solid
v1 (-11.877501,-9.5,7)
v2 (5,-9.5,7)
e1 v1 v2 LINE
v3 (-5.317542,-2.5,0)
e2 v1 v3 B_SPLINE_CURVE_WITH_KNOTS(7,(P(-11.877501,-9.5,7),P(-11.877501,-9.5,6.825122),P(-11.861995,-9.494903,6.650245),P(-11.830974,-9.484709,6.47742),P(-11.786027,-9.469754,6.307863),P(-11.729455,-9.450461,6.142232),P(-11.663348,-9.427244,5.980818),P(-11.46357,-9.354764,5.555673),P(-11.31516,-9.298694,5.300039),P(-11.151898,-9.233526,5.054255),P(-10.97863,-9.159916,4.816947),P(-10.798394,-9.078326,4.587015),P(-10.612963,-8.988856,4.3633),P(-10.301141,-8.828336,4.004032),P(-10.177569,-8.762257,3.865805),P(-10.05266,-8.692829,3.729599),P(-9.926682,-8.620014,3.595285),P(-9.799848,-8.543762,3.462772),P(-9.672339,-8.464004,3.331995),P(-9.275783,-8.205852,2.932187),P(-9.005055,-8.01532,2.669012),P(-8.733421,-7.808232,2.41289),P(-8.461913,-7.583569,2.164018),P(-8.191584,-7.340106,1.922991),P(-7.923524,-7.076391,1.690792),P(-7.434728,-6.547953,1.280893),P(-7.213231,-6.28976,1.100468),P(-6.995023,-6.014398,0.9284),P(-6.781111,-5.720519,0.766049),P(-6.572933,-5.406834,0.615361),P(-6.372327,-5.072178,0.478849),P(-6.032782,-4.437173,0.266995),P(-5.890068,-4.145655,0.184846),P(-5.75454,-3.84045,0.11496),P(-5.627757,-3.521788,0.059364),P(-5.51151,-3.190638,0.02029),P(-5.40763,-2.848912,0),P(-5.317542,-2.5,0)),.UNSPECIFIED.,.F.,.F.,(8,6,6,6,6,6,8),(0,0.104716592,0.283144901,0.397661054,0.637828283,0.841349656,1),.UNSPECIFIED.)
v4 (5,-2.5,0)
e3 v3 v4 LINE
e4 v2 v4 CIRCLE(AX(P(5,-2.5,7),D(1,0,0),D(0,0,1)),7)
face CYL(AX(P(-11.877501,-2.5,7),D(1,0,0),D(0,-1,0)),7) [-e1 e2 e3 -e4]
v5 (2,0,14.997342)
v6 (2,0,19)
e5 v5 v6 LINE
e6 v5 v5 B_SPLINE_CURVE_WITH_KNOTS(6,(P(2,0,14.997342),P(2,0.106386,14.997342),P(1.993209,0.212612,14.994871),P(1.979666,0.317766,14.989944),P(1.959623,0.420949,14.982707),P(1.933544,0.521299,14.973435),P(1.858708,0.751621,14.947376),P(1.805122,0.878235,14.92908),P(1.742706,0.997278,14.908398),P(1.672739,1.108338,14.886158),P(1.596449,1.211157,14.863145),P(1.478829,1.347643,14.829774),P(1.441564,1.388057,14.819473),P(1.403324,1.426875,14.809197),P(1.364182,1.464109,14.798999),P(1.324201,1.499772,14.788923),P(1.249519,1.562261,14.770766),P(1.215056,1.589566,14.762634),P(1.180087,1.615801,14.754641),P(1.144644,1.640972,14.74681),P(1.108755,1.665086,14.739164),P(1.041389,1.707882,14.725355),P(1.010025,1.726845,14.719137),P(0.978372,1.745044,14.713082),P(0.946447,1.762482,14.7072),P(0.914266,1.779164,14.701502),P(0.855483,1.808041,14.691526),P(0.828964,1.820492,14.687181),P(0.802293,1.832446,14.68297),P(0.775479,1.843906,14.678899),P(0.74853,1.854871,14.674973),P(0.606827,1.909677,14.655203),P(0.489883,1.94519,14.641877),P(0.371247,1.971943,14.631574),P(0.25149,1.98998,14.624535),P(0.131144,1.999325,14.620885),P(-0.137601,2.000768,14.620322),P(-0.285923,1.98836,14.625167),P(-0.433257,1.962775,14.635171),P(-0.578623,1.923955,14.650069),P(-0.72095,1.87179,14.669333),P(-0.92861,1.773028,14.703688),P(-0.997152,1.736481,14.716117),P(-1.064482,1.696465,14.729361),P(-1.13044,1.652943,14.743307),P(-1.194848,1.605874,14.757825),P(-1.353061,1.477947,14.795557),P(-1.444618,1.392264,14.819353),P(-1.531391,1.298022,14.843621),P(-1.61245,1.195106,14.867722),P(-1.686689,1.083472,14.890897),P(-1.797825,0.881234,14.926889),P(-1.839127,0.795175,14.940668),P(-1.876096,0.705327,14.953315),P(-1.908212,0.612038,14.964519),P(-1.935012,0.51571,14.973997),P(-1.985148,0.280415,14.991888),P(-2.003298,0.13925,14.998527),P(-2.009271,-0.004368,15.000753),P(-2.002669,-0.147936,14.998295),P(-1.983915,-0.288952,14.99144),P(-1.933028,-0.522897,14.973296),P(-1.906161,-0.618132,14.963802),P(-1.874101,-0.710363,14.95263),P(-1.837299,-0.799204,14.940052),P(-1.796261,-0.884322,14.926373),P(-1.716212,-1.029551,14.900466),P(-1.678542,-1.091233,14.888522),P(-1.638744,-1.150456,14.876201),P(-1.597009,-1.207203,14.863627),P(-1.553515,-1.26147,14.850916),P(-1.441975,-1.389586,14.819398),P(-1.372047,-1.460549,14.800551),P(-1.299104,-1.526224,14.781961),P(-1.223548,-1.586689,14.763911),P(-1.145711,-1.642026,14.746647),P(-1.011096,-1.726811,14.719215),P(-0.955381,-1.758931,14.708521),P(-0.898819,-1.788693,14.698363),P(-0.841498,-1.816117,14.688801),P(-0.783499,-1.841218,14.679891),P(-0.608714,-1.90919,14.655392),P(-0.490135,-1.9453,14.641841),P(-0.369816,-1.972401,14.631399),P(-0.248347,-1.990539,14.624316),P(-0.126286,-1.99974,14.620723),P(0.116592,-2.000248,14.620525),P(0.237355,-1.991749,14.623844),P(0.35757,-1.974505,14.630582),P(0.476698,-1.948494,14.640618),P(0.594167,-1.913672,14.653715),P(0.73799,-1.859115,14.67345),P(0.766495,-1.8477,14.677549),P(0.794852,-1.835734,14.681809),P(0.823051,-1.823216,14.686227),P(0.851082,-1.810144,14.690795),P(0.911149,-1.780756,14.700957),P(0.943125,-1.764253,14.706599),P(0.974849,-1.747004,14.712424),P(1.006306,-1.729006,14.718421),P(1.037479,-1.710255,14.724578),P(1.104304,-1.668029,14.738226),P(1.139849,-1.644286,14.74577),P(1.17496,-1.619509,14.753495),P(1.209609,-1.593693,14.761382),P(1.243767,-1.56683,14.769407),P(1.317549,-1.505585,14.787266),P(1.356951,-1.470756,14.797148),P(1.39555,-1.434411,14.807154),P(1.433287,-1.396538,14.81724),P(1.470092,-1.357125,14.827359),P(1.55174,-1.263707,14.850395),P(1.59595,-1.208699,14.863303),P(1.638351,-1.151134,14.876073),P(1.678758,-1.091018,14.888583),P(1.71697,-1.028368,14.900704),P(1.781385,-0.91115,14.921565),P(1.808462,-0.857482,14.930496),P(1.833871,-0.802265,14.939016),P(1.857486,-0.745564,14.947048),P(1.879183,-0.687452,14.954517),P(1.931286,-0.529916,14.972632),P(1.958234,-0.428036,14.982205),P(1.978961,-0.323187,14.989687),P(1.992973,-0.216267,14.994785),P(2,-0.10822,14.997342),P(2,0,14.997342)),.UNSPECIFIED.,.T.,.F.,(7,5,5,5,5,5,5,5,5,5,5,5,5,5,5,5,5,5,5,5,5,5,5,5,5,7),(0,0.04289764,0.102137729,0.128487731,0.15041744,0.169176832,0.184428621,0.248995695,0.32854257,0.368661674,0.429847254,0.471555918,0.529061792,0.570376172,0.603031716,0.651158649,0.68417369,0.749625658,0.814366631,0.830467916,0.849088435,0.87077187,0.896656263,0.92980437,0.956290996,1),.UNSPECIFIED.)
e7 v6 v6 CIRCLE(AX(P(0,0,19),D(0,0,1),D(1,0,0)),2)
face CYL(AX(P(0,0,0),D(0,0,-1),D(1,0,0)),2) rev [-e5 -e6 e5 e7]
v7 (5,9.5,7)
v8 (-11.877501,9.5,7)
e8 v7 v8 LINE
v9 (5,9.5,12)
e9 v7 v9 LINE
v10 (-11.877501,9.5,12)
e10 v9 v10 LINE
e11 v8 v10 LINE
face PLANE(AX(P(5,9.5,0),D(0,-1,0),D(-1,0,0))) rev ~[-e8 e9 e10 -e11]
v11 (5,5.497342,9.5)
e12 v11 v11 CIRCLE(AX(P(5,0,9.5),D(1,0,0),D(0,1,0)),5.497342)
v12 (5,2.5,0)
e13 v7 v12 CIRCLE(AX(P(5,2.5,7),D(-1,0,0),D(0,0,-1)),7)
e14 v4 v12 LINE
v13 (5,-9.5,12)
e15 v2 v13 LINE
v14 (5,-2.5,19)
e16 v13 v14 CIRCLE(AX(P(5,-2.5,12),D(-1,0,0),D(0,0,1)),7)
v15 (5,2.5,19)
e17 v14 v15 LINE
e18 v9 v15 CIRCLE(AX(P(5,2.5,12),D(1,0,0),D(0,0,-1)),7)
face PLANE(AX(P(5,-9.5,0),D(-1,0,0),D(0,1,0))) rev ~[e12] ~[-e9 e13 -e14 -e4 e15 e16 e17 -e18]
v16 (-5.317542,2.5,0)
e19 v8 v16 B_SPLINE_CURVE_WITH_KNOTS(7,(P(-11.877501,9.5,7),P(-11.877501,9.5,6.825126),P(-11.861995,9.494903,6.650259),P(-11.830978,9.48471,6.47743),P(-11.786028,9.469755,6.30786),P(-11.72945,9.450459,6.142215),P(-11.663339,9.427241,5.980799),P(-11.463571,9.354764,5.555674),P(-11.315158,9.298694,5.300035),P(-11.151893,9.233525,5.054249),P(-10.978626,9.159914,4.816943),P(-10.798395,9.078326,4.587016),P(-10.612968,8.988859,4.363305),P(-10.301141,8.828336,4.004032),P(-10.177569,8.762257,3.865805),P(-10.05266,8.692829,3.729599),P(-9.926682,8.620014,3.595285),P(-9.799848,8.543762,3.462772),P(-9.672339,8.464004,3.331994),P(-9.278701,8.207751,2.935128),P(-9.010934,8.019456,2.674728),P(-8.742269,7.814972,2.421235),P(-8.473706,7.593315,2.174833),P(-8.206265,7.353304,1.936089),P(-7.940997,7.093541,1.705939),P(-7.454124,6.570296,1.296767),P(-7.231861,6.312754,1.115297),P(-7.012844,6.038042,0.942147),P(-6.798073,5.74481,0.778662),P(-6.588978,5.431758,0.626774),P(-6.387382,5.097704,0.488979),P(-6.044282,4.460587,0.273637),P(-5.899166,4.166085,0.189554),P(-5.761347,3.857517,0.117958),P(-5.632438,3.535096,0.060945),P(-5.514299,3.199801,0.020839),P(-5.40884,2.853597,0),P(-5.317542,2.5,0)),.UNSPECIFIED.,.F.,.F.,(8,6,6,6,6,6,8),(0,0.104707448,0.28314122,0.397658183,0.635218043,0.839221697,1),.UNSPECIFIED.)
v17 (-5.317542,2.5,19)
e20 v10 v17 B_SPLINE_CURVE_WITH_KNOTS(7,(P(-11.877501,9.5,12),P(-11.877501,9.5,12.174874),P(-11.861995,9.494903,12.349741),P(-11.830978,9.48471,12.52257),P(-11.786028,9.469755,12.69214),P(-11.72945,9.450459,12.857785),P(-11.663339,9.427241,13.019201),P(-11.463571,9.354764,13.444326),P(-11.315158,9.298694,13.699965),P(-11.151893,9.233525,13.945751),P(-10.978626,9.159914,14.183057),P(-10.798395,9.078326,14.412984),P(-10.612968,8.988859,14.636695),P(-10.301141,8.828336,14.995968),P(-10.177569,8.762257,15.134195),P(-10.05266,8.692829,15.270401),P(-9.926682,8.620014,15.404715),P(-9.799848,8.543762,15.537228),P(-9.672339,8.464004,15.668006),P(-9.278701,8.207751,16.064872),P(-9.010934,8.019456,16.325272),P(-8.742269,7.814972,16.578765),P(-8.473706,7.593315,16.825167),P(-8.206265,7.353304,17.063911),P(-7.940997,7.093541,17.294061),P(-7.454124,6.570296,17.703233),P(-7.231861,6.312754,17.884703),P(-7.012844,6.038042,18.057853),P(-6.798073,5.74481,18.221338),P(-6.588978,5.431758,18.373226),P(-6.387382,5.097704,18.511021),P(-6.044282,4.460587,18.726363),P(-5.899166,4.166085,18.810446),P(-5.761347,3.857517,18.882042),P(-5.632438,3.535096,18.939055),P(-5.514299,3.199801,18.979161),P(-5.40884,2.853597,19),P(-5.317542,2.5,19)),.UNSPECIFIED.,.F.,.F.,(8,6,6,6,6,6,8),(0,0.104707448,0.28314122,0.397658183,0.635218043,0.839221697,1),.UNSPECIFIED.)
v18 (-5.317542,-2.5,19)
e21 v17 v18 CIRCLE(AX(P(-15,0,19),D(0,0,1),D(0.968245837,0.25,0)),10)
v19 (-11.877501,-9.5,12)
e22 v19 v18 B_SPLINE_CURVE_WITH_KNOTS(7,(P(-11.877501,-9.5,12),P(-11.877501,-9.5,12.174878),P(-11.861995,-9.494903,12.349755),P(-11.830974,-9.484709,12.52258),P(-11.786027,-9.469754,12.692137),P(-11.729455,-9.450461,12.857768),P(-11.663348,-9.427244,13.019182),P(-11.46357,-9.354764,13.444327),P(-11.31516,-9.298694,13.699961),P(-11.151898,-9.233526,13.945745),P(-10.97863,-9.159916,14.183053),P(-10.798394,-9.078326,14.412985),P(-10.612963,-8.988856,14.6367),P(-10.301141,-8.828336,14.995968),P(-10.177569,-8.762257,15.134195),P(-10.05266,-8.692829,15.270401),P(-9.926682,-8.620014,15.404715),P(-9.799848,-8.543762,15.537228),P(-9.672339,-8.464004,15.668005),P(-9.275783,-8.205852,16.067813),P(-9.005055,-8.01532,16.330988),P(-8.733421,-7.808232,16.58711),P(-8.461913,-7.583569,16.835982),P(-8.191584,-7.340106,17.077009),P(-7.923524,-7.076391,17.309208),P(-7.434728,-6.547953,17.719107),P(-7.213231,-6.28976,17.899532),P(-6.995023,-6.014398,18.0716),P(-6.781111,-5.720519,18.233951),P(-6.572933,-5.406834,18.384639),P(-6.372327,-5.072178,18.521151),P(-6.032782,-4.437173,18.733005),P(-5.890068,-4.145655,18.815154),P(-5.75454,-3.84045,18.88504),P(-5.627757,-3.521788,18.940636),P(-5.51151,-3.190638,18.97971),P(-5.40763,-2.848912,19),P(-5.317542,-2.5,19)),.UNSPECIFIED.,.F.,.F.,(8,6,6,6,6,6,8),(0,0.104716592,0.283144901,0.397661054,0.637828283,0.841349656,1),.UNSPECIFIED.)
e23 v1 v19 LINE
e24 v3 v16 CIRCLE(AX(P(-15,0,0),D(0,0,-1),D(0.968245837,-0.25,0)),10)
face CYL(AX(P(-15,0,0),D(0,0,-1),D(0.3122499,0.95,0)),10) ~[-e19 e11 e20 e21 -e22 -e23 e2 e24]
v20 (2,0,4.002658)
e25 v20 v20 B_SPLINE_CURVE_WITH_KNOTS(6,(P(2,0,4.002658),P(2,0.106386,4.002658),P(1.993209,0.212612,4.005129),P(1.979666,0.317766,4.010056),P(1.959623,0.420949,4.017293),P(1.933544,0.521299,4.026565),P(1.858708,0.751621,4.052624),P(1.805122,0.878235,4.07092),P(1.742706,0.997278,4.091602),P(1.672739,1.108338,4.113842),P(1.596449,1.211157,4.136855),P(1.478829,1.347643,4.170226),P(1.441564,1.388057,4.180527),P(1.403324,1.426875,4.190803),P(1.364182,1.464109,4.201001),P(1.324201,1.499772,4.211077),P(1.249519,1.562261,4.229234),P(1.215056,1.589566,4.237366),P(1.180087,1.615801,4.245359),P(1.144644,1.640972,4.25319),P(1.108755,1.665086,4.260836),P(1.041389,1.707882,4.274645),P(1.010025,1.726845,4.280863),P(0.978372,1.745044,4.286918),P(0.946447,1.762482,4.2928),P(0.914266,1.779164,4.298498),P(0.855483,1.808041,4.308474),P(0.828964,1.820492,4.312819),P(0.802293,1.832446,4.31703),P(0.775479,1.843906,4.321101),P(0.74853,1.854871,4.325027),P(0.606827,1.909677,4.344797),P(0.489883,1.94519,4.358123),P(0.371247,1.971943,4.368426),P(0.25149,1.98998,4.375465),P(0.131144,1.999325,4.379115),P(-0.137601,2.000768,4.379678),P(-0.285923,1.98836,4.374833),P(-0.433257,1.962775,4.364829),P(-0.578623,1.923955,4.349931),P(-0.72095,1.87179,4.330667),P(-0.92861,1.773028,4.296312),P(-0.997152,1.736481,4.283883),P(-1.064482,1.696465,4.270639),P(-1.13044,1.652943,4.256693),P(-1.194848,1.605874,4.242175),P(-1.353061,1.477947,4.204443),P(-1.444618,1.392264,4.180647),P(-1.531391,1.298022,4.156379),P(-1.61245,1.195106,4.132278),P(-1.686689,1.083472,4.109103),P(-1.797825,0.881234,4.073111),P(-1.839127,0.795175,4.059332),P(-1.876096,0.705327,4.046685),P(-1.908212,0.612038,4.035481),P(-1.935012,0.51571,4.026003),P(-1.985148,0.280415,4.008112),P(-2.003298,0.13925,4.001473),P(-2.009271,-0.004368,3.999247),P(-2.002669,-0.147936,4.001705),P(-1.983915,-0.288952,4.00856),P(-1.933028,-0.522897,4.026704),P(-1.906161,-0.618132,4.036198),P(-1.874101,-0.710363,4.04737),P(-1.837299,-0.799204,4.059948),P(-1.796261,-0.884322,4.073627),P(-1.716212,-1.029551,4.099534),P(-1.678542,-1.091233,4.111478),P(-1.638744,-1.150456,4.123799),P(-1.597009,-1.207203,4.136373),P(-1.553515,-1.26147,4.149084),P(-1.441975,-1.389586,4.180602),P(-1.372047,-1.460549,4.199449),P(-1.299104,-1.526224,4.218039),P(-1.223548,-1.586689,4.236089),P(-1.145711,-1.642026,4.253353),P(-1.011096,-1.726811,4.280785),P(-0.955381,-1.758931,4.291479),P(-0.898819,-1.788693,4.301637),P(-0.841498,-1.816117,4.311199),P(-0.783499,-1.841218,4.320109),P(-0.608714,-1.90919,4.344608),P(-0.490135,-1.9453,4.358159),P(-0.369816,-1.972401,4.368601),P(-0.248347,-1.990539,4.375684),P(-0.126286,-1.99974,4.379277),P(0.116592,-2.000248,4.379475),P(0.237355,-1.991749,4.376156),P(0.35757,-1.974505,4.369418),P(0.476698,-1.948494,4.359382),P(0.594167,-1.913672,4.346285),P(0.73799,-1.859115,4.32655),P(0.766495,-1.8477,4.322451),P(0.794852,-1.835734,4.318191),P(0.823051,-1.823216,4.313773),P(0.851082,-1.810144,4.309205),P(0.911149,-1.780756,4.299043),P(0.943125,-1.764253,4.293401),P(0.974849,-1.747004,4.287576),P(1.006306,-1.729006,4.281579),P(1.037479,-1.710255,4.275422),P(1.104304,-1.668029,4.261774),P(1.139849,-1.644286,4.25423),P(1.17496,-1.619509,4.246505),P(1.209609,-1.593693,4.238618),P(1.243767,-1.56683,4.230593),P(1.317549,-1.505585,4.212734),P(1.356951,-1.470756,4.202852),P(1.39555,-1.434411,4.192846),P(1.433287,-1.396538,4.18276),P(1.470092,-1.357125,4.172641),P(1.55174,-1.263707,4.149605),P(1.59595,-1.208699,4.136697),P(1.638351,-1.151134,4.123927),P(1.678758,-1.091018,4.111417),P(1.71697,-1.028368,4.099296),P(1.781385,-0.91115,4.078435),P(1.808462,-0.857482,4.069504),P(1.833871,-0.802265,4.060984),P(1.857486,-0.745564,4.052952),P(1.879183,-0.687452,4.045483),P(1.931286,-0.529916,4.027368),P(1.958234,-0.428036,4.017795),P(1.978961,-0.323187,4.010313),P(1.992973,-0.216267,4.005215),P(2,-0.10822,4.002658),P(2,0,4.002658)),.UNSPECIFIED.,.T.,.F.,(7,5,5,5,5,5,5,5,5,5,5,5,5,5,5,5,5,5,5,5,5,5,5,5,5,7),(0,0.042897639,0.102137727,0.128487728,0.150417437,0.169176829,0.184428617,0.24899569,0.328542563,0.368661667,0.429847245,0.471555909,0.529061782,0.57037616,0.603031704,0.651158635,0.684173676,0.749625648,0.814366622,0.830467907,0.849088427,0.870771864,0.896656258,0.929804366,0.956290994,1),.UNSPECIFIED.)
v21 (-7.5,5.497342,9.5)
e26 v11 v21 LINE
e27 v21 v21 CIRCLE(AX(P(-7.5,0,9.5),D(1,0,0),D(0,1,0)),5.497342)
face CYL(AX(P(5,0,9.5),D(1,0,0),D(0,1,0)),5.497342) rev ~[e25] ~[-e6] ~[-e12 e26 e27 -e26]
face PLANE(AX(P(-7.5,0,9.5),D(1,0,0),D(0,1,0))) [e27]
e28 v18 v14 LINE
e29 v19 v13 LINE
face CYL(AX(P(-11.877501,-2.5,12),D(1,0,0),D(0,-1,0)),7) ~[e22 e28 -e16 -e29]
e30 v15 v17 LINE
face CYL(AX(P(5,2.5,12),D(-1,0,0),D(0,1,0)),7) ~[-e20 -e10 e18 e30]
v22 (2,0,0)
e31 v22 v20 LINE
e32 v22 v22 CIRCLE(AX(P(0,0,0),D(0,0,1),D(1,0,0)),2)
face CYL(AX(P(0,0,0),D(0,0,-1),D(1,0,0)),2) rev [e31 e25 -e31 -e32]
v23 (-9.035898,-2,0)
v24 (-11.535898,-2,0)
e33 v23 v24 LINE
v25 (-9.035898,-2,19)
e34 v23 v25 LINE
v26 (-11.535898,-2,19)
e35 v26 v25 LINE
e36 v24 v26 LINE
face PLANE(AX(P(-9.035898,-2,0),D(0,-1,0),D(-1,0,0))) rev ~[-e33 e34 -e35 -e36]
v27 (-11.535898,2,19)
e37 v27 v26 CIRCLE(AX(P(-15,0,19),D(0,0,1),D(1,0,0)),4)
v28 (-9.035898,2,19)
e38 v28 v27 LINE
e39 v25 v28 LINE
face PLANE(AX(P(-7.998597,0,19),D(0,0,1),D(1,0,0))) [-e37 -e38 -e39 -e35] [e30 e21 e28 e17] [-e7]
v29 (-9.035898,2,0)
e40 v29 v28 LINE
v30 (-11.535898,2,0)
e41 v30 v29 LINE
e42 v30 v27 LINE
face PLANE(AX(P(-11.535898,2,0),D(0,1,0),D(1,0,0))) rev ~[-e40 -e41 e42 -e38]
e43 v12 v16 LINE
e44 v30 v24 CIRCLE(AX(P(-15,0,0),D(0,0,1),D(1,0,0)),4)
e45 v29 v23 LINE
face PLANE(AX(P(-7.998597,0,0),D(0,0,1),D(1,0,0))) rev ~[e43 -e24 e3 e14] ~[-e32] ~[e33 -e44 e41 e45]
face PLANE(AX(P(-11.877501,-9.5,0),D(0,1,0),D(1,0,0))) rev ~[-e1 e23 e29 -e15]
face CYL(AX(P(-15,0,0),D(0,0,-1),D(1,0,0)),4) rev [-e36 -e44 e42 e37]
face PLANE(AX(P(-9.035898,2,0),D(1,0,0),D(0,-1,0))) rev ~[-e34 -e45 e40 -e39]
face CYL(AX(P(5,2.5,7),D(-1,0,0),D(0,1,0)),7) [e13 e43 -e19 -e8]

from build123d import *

# Parameters (mm, degrees)
ESBO_O1_R                = 4
ESBO_O1_R_2              = 2
RESSALTO_EXTRUS_O1_DEPTH = 19
FILETE1_R                = 7
ESBO_O3_R                = 5.497341607
CORTE_EXTRUS_O1_DEPTH    = 12.5
CORTE_EXTRUS_O5_DEPTH    = 33.95451427


with BuildPart() as part:
    # Esboço1 → Ressalto-extrusão1 (new body)
    with BuildSketch(Plane.XY):
        with BuildLine():
            Line((5, -9.5), (5, 0))
            Line((5, 0), (5, 9.5))
            Line((5, 9.5), (-11.877501001, 9.5))
            ThreePointArc((-11.877501001, 9.5), (-25, 0), (-11.877501001, -9.5))
            Line((-11.877501001, -9.5), (5, -9.5))
        make_face()
        with Locations((-15, 0)):
            Circle(ESBO_O1_R, mode=Mode.SUBTRACT)
        Circle(ESBO_O1_R_2, mode=Mode.SUBTRACT)
    extrude(amount=RESSALTO_EXTRUS_O1_DEPTH)

    # Filete1
    filete1_edges = [part.edges().sort_by_distance(p)[0] for p in [
        (-3.4387505, 9.5, 0),
        (-3.4387505, 9.5, 19),
        (-3.4387505, -9.5, 19),
        (-3.4387505, -9.5, 0),
    ]]
    fillet(filete1_edges, radius=FILETE1_R)

    # Esboço3 → Corte-extrusão1 (cut)
    with BuildSketch(Plane(origin=(5, 0, 0), x_dir=(0, 0, -1), z_dir=(1, 0, 0))):
        with Locations(Location((-9.5, 0, 0), (0, 0, 90))):
            Circle(ESBO_O3_R)
    extrude(amount=-CORTE_EXTRUS_O1_DEPTH, mode=Mode.SUBTRACT)

    # Esboço5 → Corte-extrusão5 (cut, through all)
    with BuildSketch(Plane(origin=(0, 0, 0), x_dir=(-1, 0, 0), z_dir=(0, 0, -1))):
        with BuildLine():
            Line((9.035898385, 0), (9.035898385, -2))
            Line((9.035898385, -2), (11.535898385, -2))
            ThreePointArc((11.535898385, -2), (11, 0), (11.535898385, 2))
            Line((11.535898385, 2), (9.035898385, 2))
            Line((9.035898385, 2), (9.035898385, 0))
        make_face()
    extrude(amount=-CORTE_EXTRUS_O5_DEPTH, mode=Mode.SUBTRACT)


solid = part.part
